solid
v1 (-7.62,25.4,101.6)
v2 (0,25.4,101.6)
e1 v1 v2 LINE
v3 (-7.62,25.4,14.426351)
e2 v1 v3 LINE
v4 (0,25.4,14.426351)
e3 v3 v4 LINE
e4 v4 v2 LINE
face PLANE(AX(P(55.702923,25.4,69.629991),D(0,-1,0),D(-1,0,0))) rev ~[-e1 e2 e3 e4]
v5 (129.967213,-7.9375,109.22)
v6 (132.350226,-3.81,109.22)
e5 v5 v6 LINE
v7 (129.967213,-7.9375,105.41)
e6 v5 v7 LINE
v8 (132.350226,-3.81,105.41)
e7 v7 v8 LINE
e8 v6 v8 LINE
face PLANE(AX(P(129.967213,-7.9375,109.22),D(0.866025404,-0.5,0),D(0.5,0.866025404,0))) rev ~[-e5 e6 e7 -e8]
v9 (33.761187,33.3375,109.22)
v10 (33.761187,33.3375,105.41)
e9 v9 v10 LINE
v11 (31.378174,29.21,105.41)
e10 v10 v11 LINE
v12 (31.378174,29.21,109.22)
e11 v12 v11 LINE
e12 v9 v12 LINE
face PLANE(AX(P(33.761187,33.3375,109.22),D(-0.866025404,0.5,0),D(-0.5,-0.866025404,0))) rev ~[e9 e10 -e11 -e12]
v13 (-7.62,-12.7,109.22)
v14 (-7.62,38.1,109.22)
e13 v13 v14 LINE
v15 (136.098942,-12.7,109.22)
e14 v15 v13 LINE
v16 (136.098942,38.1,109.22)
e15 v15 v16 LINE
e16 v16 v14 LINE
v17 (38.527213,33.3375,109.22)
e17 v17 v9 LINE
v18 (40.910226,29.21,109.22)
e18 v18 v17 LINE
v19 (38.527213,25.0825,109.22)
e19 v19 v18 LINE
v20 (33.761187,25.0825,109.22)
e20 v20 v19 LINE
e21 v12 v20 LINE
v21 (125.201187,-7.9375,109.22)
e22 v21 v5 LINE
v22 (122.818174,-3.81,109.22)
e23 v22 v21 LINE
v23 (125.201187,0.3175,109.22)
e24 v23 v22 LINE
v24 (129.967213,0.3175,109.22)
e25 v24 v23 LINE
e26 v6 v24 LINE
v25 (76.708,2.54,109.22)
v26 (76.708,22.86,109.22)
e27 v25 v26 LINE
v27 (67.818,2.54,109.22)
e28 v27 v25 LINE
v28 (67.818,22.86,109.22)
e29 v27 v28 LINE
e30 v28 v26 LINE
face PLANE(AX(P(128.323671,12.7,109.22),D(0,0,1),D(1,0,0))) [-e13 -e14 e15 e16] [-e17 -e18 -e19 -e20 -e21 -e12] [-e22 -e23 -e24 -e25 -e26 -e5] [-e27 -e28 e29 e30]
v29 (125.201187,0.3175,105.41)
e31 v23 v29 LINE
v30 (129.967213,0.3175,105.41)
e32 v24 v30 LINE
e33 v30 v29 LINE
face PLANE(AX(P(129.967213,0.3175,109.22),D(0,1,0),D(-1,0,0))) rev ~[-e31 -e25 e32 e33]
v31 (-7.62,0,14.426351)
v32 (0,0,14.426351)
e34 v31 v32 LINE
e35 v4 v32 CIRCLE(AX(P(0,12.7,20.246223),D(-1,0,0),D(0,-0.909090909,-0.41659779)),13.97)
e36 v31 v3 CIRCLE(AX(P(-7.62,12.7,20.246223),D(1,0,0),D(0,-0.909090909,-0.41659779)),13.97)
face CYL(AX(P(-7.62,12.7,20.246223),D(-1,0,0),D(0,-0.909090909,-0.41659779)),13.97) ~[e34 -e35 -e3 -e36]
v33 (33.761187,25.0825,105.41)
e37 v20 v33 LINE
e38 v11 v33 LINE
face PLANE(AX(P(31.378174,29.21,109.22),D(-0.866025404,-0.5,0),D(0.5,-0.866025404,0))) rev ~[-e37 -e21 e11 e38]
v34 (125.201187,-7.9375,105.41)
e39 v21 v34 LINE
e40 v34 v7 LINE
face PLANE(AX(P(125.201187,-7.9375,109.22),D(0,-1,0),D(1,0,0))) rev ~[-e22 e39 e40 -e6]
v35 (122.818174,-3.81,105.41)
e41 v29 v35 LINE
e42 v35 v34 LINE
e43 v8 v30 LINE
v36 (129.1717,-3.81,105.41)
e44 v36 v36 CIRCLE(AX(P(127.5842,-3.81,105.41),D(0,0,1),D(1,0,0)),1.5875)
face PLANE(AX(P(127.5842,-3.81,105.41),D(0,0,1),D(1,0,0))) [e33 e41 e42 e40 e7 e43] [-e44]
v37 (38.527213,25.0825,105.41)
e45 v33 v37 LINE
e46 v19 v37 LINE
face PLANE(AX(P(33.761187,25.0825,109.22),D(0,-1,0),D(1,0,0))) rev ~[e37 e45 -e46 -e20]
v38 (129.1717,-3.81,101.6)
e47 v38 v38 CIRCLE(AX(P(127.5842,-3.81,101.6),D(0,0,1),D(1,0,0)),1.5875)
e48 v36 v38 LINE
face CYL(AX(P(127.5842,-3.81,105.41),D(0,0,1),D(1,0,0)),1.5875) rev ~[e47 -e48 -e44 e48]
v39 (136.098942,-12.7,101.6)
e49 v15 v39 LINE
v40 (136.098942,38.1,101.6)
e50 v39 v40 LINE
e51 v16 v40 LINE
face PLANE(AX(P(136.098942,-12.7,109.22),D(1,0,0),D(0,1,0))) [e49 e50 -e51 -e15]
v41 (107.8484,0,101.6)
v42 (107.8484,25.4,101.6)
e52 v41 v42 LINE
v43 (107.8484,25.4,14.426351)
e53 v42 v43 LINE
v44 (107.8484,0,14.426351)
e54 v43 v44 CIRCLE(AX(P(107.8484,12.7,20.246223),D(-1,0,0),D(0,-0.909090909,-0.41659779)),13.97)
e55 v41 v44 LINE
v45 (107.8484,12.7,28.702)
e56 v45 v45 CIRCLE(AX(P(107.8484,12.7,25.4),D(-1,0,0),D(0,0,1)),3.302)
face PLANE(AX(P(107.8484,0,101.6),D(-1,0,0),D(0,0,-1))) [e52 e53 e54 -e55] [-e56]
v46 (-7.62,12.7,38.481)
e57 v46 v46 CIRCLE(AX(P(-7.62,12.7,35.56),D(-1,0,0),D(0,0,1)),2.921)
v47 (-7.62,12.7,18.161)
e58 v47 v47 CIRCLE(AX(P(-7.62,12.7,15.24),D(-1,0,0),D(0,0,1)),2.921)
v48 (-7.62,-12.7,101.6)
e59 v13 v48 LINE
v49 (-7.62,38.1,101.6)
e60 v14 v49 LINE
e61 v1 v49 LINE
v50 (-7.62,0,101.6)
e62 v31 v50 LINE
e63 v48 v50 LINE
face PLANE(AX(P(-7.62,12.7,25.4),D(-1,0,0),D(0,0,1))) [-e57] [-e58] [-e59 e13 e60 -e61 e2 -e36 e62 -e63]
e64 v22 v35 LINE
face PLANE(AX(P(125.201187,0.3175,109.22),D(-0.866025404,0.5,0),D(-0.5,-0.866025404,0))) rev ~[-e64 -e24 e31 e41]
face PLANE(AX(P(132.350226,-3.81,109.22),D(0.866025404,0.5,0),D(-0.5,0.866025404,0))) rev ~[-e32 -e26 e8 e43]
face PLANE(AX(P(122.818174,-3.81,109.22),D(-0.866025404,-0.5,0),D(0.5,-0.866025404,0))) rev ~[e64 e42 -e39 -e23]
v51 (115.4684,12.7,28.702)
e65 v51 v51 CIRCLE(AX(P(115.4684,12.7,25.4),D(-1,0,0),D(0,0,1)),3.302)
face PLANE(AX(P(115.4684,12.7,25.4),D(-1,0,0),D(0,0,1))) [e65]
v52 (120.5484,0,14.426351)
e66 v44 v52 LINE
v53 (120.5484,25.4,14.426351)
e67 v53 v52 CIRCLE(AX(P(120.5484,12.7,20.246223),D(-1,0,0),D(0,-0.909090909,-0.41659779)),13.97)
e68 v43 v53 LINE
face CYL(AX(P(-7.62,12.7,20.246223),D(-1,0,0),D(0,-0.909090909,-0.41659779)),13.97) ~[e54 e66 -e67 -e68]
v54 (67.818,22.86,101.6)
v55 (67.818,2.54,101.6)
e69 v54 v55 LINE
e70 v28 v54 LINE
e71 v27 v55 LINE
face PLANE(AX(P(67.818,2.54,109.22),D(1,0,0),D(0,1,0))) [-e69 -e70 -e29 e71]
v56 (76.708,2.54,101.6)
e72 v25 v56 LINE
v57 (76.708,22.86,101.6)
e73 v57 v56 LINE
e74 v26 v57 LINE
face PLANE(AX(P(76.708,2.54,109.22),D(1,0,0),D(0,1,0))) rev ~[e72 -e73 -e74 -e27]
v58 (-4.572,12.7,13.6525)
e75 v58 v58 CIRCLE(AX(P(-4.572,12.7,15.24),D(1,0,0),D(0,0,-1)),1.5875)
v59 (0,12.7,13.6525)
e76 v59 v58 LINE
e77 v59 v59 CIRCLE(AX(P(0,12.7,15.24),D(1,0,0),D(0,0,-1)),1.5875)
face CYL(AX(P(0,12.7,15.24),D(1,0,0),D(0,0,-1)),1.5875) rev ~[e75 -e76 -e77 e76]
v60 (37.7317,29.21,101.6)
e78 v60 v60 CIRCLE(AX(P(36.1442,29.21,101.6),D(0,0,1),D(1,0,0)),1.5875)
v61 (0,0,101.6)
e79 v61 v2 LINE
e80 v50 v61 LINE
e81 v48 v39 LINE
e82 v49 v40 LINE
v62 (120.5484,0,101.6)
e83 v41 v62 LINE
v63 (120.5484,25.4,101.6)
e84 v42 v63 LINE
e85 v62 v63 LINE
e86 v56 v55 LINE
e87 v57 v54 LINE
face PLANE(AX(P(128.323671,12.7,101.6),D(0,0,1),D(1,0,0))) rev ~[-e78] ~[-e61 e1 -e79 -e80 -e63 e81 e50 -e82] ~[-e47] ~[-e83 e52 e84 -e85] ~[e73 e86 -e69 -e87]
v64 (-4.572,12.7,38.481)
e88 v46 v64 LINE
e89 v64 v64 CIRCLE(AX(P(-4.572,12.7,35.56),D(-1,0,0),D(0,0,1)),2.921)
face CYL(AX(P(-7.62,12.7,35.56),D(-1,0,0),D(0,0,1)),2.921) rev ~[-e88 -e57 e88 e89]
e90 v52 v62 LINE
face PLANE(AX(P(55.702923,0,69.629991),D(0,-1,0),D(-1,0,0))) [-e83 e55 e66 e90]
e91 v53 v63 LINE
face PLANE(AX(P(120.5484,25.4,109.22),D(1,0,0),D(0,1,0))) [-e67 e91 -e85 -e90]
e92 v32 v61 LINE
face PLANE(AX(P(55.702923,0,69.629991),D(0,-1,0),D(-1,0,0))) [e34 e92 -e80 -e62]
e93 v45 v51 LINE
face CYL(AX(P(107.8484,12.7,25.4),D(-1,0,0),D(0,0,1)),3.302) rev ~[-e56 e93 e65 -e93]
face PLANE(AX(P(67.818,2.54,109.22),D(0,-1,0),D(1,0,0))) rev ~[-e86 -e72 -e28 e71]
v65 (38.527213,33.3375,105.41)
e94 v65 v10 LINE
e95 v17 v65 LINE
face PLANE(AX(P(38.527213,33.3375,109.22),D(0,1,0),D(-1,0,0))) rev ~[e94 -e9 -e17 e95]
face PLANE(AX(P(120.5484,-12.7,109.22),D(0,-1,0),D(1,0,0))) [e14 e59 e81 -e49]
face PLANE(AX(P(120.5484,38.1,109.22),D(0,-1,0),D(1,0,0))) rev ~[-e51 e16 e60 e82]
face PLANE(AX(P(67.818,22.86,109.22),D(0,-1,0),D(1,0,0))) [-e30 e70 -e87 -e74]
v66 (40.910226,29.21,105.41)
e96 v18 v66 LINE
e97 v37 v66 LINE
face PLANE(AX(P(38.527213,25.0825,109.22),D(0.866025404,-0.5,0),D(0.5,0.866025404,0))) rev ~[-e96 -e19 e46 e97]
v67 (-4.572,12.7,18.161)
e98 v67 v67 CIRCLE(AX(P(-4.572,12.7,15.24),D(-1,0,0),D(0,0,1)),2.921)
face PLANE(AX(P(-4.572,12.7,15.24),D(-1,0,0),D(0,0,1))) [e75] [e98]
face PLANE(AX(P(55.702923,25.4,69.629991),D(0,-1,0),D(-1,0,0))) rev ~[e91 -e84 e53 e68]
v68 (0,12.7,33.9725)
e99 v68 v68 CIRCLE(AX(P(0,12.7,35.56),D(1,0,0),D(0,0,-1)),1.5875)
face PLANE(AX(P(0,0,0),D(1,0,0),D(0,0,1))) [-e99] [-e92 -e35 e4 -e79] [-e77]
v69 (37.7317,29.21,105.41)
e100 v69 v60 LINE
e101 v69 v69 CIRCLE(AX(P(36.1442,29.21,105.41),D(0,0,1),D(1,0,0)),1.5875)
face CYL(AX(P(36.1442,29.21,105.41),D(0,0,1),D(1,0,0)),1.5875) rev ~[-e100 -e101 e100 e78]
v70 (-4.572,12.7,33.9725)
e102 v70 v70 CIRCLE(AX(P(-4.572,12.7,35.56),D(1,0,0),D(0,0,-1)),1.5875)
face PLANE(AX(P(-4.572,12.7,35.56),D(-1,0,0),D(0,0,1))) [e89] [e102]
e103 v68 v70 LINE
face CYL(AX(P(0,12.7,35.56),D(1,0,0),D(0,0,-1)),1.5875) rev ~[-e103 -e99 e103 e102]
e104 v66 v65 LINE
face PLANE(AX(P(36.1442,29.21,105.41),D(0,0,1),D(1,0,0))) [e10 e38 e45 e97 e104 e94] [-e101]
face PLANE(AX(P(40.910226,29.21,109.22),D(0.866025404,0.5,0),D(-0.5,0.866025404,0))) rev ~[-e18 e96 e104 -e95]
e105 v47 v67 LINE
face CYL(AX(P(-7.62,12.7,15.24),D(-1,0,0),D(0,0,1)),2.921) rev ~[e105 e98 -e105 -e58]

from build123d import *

# Parameters (mm, degrees)
BOSS_EXTRUDE1_DEPTH     = 25.4
SKETCH4_R               = 3.302
CUT_EXTRUDE2_DEPTH      = 7.62
SKETCH2_R               = 3.175
SKETCH2_R_2             = 1.5875
CUT_EXTRUDE3_DEPTH      = 7.62
SKETCH6_W               = 128.1684
SKETCH6_H               = 12.7
BOSS_EXTRUDE2_DEPTH     = 7.62
SKETCH9_W               = 15.550542335
SKETCH9_H               = 50.8
BOSS_EXTRUDE3_DEPTH     = 7.62
CUT_EXTRUDE4_DEPTH      = 3.81
SKETCH10_R              = 2.921
CUT_EXTRUDE5_DEPTH      = 3.048
SKETCH11_R              = 1.5875
CUT_EXTRUDE6_DEPTH      = 106.41
CUT_EXTRUDE7_REACH      = 111.22
SKETCH12_W              = 8.89
SKETCH12_H              = 20.32
SKETCH13_R              = 3.175
BOSS_EXTRUDE4_DEPTH     = 7.62
CUT_EXTRUDE8_DEPTH      = 1
CUT_EXTRUDE8_DEPTH_BACK = 144.718942335


with BuildPart() as part:
    # Sketch1 → Boss-Extrude1 (new body)
    with BuildSketch(Plane(origin=(0, 0, 0), x_dir=(1, 0, 0), z_dir=(0, 1, 0))):
        Polygon((0, 0), (0, -101.6), (107.8484, -101.6), (107.8484, 0), (120.5484, 0), (120.5484, -109.22), (-7.62, -109.22), (-7.62, 0), align=None)
    extrude(amount=BOSS_EXTRUDE1_DEPTH)

    # Sketch4 → Cut-Extrude2 (cut)
    with BuildSketch(Plane.ZY.offset(-107.8484)):
        with Locations((25.4, 12.7)):
            Circle(SKETCH4_R)
    extrude(amount=-CUT_EXTRUDE2_DEPTH, mode=Mode.SUBTRACT)

    # Sketch2 → Cut-Extrude3 (cut)
    with BuildSketch(Plane(origin=(0, 0, 0), x_dir=(0, 0, -1), z_dir=(1, 0, 0))):
        with Locations((-25.4, 12.7)):
            Circle(SKETCH2_R)
        with Locations((-15.24, 12.7)):
            Circle(SKETCH2_R_2)
        with Locations((-35.56, 12.7)):
            Circle(SKETCH2_R_2)
    extrude(amount=-CUT_EXTRUDE3_DEPTH, mode=Mode.SUBTRACT)

    # Sketch6 → Boss-Extrude2 (add)
    with BuildSketch(Plane.XY.offset(109.22)):
        with Locations((56.4642, 31.75)):
            Rectangle(SKETCH6_W, SKETCH6_H)
        with Locations((56.4642, -6.35)):
            Rectangle(SKETCH6_W, SKETCH6_H)
    extrude(amount=-BOSS_EXTRUDE2_DEPTH)

    # Sketch9 → Boss-Extrude3 (add)
    with BuildSketch(Plane.XY.offset(109.22)):
        with Locations((128.323671168, 12.7)):
            Rectangle(SKETCH9_W, SKETCH9_H)
    extrude(amount=-BOSS_EXTRUDE3_DEPTH)

    # Sketch7 → Cut-Extrude4 (cut)
    with BuildSketch(Plane.XY.offset(109.22)):
        Polygon((40.910226472, 29.21), (38.527213236, 33.3375), (33.761186764, 33.3375), (31.378173528, 29.21), (33.761186764, 25.0825), (38.527213236, 25.0825), align=None)
        Polygon((132.350226472, -3.81), (129.967213236, 0.3175), (125.201186764, 0.3175), (122.818173528, -3.81), (125.201186764, -7.9375), (129.967213236, -7.9375), align=None)
    extrude(amount=-CUT_EXTRUDE4_DEPTH, mode=Mode.SUBTRACT)

    # Sketch10 → Cut-Extrude5 (cut)
    with BuildSketch(Plane.ZY.offset(7.62)):
        with Locations((15.24, 12.7)):
            Circle(SKETCH10_R)
        with Locations((35.56, 12.7)):
            Circle(SKETCH10_R)
    extrude(amount=-CUT_EXTRUDE5_DEPTH, mode=Mode.SUBTRACT)

    # Sketch11 → Cut-Extrude6 (cut, through all)
    with BuildSketch(Plane.XY.offset(105.41)):
        with Locations((36.1442, 29.21)):
            Circle(SKETCH11_R)
        with Locations((127.5842, -3.81)):
            Circle(SKETCH11_R)
    extrude(amount=-CUT_EXTRUDE6_DEPTH, mode=Mode.SUBTRACT)

    # Sketch12 → Cut-Extrude7 (cut, up to next)
    with BuildSketch(Plane.XY.offset(109.22), mode=Mode.PRIVATE) as cut_extrude7_sk1:
        with Locations((72.263, 12.7)):
            Rectangle(SKETCH12_W, SKETCH12_H)
    cut_extrude7_tool1 = extrude(cut_extrude7_sk1.sketch, amount=-CUT_EXTRUDE7_REACH, mode=Mode.PRIVATE) & part.part
    add(cut_extrude7_tool1.solids().sort_by_distance((72.263, 12.7, 109.22))[0], mode=Mode.SUBTRACT)

    # Sketch13 → Boss-Extrude4 (add)
    with BuildSketch(Plane.ZY.offset(7.62)):
        with Locations((25.4, 12.7)):
            Circle(SKETCH13_R)
    extrude(amount=-BOSS_EXTRUDE4_DEPTH)

    # Sketch14 → Cut-Extrude8 (cut, two sides)
    with BuildSketch(Plane.ZY.offset(7.62)) as cut_extrude8_sk:
        with BuildLine():
            Line((14.426351463, 25.4), (0, 25.4))
            Line((0, 25.4), (0, 0))
            Line((0, 0), (14.426351463, 0))
            ThreePointArc((14.426351463, 0), (6.276222595, 12.7), (14.426351463, 25.4))
        make_face()
    extrude(amount=CUT_EXTRUDE8_DEPTH, mode=Mode.SUBTRACT)
    extrude(cut_extrude8_sk.sketch, amount=-CUT_EXTRUDE8_DEPTH_BACK, mode=Mode.SUBTRACT)


solid = part.part
